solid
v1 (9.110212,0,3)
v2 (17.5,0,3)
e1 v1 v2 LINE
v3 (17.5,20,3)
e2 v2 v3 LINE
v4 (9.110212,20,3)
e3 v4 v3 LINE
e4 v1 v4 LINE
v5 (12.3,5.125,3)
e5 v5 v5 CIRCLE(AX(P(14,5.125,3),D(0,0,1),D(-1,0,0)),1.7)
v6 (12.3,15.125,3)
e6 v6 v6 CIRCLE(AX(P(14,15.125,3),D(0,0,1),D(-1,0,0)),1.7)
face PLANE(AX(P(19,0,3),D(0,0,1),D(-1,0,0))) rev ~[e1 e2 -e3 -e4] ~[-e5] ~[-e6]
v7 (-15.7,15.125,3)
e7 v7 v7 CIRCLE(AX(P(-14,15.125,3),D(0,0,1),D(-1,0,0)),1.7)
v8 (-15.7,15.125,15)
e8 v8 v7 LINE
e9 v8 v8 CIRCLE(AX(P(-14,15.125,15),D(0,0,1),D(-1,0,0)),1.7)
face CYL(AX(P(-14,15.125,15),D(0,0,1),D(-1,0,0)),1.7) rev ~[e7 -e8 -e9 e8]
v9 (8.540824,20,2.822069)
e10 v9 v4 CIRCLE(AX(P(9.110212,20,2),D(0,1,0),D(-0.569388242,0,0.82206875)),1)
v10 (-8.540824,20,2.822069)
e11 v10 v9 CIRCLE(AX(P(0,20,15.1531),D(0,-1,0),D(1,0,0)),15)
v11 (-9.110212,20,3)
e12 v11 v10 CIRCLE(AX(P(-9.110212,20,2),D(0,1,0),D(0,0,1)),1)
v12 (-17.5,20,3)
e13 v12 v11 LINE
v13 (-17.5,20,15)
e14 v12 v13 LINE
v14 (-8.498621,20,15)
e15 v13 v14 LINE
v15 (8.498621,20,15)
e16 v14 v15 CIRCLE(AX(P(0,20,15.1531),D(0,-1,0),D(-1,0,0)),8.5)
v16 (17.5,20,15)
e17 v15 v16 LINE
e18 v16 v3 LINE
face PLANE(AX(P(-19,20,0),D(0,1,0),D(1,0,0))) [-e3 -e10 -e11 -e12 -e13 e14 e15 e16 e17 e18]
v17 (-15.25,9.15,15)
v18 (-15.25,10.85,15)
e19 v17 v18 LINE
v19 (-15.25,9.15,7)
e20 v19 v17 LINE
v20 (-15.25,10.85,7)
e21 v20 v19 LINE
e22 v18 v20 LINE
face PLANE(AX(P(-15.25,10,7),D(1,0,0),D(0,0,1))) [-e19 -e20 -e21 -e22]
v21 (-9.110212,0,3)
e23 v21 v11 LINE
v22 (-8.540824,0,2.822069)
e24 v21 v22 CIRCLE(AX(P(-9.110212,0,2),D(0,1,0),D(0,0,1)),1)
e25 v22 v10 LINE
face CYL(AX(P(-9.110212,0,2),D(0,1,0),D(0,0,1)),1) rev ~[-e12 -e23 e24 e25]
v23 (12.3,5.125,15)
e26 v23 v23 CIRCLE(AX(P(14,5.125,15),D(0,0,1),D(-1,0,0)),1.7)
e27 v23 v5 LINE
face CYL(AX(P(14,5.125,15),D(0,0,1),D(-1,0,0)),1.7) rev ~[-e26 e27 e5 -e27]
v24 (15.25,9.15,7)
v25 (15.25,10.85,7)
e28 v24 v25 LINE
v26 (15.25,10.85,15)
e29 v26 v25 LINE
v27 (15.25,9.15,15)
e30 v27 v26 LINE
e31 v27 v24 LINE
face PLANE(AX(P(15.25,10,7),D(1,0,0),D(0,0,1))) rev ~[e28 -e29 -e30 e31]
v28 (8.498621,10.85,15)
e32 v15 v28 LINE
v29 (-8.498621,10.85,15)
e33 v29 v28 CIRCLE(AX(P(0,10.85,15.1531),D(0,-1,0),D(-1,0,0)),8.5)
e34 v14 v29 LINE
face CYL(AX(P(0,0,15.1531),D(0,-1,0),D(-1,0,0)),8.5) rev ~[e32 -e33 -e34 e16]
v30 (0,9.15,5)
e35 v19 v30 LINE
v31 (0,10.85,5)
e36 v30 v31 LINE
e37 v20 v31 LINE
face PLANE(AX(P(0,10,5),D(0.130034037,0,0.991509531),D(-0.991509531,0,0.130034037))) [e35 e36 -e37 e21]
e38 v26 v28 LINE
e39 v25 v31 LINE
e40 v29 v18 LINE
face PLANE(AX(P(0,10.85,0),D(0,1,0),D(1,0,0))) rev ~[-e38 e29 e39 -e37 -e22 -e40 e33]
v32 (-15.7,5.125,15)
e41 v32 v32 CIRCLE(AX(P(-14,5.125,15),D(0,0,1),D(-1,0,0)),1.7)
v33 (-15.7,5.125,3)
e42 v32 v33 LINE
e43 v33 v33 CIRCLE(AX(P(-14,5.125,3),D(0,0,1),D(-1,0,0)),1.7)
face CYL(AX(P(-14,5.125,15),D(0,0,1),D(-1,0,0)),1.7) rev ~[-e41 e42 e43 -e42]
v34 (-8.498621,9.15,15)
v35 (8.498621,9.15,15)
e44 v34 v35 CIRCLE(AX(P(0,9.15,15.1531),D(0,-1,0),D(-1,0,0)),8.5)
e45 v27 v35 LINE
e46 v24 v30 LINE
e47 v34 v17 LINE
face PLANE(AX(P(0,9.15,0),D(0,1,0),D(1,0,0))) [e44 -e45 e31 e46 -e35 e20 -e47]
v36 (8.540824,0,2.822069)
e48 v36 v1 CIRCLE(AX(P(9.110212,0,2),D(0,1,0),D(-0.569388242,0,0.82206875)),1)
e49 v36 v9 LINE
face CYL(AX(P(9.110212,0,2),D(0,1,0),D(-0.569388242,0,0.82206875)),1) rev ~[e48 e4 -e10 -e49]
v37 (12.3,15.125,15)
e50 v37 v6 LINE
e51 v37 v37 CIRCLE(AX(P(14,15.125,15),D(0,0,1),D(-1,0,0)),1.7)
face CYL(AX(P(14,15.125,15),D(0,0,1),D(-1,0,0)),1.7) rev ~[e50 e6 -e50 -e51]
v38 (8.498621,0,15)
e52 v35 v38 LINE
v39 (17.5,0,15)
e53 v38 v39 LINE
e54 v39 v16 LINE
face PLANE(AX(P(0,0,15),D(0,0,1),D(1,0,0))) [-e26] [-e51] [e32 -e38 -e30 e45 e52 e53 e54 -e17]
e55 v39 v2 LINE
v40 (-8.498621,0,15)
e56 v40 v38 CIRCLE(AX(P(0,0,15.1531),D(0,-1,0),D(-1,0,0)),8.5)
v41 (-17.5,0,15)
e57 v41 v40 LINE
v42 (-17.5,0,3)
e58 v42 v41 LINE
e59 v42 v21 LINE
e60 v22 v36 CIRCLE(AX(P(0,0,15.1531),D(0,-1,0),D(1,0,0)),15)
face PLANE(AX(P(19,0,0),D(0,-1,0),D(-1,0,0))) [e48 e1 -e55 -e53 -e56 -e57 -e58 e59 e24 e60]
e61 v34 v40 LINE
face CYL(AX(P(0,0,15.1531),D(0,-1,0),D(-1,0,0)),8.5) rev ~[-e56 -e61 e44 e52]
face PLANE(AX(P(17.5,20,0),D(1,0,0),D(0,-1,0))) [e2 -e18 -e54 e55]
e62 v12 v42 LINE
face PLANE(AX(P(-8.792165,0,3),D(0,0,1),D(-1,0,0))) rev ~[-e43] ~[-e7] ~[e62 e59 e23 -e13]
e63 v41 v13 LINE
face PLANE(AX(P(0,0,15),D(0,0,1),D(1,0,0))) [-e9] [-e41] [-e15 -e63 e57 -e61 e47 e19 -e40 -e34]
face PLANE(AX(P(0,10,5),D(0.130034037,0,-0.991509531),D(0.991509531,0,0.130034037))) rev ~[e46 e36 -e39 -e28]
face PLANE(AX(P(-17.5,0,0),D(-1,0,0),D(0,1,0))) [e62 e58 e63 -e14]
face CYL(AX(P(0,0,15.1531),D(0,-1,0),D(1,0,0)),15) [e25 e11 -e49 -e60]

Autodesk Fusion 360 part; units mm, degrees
sketch "スケッチ1" plane through (0, 0, 0) normal (0, 0, 1) x (1, 0, 0)
  line L0 (-19, 20) -> (19, 20)
  line L1 (19, 20) -> (19, 0)
  line L2 (19, 0) -> (-19, 0)
  line L3 (-19, 0) -> (-19, 20)
  dimension "d1" = 38
  dimension "d2" = 20
extrude "押し出し1" add sketch "スケッチ1" along normal blind 15
sketch "スケッチ2" plane through (0, 0, 0) normal (0, -1, 0) x (1, 0, 0)
  line L0 (-19, 0) -> (19, 0)
  line L1 (19, 0) -> (19, 15)
  line L2 (19, 15) -> (-19, 15)
  line L3 (-19, 15) -> (-19, 0)
  line L4 (-19, 15.1531) -> (19, 15.1531) construction
  arc A0 (-8.5, 15.1531) -> (8.5, 15.1531) centre (0, 15.1531) ccw
  line L5 (8.5, 15.1531) -> (8.5, 15)
  line L6 (-8.5, 15.1531) -> (-8.5, 15)
  dimension "d6" = 17
extrude "押し出し2" cut sketch "スケッチ2" against normal blind 20 contours L2 A0
ref_plane "WorkPlane2" through (0, 10, 0) normal (0, 1, 0) x (0, 0, 1)
sketch "Sketch5" plane through (0, 10, 0) normal (0, 1, 0) x (1, 0, 0)
  line L0 (15.25, -15) -> (0, -15)
  line L1 (15.25, -7) -> (15.25, -15)
  line L2 (0, -5) -> (15.25, -7)
  arc A0 (3.3966, -15) -> (-3.3966, -15) centre (0, -15.1531) ccw
  line L3 (3.3966, -15) -> (19, -15)
  line L4 (19, -15) -> (19, 0)
  line L5 (19, 0) -> (-19, 0)
  line L6 (-19, 0) -> (-19, -15)
  line L7 (-19, -15) -> (-3.3966, -15)
  line L8 (-15.25, -15) -> (0, -15)
  line L9 (-15.25, -7) -> (-15.25, -15)
  line L10 (0, -5) -> (-15.25, -7)
extrude "Extrude5" cut sketch "Sketch5" along normal blind 0.85 and the other way blind 0.85 contours L0 L1 L2 A0 L3 L7 L8 L9 L10
sketch "スケッチ4" plane through (0, 0, 15) normal (0, 0, 1) x (-1, 0, 0)
  line L0 (8.4986, -20) -> (19, -20)
  line L1 (19, -20) -> (19, 0)
  line L2 (19, 0) -> (8.4986, 0)
  line L3 (19, -15.125) -> (-17.5478, -15.125) construction
  line L4 (-19, -20) -> (-8.4986, -20) construction
  line L5 (19, -5.125) -> (-19, -5.125) construction
  line L6 (-19, 0) -> (-19, -20) construction
  circle A0 centre (-14, -15.125) radius 1.7
  circle A1 centre (-14, -5.125) radius 1.7
  circle A2 centre (14, -15.125) radius 1.7
  circle A3 centre (14, -5.125) radius 1.7
  line L7 (15.25, -10.85) -> (8.4986, -10.85)
  line L8 (8.4986, -10.85) -> (8.4986, -20)
  line L9 (8.4986, 0) -> (8.4986, -9.15)
  line L10 (8.4986, -9.15) -> (15.25, -9.15)
  line L11 (15.25, -9.15) -> (15.25, -10.85)
  dimension "d15" = 4.875
  dimension "d16" = 10
  dimension "d17" = 3.4
  dimension "d18" = 5
  dimension "d19" = 3.4
  dimension "d20" = 5
  dimension "d21" = 3.4
  dimension "d22" = 5
  dimension "d23" = 3.4
  dimension "d24" = 5
extrude "押し出し4" cut sketch "スケッチ4" against normal blind 25 contours A0 | A1 | A2 | A3
sketch "Sketch6" plane through (0, 0, 0) normal (0, -1, 0) x (1, 0, 0)
  arc A0 (-8.4986, 15) -> (8.4986, 15) centre (0, 15.1531) ccw
  line L0 (-8.4986, 15) -> (-19, 15)
  line L1 (-19, 15) -> (-19, 0)
  line L2 (-19, 0) -> (19, 0)
  line L3 (19, 0) -> (19, 15)
  line L4 (19, 15) -> (8.4986, 15)
  circle A1 centre (0, 15.1531) radius 15
  line L5 (-19, 15) -> (19, 15)
  line L6 (19, 15) -> (19, 3)
  line L7 (19, 3) -> (-19, 3)
  line L8 (-19, 3) -> (-19, 15)
  dimension "d32" = 30
  dimension "d33" = 12
extrude "Extrude6" cut sketch "Sketch6" against normal blind 25 contours L1 L2 L3 A1 L7
fillet "Fillet1" radius 1 2 edges at (-8.7921, 10, 3) (8.7921, 10, 3)
move_face "OffsetFaces1" offset -1.5 1 faces at (-19, 6.6667, 7)
move_face "OffsetFaces2" offset -1.5 1 faces at (19, 13.3333, 7)
